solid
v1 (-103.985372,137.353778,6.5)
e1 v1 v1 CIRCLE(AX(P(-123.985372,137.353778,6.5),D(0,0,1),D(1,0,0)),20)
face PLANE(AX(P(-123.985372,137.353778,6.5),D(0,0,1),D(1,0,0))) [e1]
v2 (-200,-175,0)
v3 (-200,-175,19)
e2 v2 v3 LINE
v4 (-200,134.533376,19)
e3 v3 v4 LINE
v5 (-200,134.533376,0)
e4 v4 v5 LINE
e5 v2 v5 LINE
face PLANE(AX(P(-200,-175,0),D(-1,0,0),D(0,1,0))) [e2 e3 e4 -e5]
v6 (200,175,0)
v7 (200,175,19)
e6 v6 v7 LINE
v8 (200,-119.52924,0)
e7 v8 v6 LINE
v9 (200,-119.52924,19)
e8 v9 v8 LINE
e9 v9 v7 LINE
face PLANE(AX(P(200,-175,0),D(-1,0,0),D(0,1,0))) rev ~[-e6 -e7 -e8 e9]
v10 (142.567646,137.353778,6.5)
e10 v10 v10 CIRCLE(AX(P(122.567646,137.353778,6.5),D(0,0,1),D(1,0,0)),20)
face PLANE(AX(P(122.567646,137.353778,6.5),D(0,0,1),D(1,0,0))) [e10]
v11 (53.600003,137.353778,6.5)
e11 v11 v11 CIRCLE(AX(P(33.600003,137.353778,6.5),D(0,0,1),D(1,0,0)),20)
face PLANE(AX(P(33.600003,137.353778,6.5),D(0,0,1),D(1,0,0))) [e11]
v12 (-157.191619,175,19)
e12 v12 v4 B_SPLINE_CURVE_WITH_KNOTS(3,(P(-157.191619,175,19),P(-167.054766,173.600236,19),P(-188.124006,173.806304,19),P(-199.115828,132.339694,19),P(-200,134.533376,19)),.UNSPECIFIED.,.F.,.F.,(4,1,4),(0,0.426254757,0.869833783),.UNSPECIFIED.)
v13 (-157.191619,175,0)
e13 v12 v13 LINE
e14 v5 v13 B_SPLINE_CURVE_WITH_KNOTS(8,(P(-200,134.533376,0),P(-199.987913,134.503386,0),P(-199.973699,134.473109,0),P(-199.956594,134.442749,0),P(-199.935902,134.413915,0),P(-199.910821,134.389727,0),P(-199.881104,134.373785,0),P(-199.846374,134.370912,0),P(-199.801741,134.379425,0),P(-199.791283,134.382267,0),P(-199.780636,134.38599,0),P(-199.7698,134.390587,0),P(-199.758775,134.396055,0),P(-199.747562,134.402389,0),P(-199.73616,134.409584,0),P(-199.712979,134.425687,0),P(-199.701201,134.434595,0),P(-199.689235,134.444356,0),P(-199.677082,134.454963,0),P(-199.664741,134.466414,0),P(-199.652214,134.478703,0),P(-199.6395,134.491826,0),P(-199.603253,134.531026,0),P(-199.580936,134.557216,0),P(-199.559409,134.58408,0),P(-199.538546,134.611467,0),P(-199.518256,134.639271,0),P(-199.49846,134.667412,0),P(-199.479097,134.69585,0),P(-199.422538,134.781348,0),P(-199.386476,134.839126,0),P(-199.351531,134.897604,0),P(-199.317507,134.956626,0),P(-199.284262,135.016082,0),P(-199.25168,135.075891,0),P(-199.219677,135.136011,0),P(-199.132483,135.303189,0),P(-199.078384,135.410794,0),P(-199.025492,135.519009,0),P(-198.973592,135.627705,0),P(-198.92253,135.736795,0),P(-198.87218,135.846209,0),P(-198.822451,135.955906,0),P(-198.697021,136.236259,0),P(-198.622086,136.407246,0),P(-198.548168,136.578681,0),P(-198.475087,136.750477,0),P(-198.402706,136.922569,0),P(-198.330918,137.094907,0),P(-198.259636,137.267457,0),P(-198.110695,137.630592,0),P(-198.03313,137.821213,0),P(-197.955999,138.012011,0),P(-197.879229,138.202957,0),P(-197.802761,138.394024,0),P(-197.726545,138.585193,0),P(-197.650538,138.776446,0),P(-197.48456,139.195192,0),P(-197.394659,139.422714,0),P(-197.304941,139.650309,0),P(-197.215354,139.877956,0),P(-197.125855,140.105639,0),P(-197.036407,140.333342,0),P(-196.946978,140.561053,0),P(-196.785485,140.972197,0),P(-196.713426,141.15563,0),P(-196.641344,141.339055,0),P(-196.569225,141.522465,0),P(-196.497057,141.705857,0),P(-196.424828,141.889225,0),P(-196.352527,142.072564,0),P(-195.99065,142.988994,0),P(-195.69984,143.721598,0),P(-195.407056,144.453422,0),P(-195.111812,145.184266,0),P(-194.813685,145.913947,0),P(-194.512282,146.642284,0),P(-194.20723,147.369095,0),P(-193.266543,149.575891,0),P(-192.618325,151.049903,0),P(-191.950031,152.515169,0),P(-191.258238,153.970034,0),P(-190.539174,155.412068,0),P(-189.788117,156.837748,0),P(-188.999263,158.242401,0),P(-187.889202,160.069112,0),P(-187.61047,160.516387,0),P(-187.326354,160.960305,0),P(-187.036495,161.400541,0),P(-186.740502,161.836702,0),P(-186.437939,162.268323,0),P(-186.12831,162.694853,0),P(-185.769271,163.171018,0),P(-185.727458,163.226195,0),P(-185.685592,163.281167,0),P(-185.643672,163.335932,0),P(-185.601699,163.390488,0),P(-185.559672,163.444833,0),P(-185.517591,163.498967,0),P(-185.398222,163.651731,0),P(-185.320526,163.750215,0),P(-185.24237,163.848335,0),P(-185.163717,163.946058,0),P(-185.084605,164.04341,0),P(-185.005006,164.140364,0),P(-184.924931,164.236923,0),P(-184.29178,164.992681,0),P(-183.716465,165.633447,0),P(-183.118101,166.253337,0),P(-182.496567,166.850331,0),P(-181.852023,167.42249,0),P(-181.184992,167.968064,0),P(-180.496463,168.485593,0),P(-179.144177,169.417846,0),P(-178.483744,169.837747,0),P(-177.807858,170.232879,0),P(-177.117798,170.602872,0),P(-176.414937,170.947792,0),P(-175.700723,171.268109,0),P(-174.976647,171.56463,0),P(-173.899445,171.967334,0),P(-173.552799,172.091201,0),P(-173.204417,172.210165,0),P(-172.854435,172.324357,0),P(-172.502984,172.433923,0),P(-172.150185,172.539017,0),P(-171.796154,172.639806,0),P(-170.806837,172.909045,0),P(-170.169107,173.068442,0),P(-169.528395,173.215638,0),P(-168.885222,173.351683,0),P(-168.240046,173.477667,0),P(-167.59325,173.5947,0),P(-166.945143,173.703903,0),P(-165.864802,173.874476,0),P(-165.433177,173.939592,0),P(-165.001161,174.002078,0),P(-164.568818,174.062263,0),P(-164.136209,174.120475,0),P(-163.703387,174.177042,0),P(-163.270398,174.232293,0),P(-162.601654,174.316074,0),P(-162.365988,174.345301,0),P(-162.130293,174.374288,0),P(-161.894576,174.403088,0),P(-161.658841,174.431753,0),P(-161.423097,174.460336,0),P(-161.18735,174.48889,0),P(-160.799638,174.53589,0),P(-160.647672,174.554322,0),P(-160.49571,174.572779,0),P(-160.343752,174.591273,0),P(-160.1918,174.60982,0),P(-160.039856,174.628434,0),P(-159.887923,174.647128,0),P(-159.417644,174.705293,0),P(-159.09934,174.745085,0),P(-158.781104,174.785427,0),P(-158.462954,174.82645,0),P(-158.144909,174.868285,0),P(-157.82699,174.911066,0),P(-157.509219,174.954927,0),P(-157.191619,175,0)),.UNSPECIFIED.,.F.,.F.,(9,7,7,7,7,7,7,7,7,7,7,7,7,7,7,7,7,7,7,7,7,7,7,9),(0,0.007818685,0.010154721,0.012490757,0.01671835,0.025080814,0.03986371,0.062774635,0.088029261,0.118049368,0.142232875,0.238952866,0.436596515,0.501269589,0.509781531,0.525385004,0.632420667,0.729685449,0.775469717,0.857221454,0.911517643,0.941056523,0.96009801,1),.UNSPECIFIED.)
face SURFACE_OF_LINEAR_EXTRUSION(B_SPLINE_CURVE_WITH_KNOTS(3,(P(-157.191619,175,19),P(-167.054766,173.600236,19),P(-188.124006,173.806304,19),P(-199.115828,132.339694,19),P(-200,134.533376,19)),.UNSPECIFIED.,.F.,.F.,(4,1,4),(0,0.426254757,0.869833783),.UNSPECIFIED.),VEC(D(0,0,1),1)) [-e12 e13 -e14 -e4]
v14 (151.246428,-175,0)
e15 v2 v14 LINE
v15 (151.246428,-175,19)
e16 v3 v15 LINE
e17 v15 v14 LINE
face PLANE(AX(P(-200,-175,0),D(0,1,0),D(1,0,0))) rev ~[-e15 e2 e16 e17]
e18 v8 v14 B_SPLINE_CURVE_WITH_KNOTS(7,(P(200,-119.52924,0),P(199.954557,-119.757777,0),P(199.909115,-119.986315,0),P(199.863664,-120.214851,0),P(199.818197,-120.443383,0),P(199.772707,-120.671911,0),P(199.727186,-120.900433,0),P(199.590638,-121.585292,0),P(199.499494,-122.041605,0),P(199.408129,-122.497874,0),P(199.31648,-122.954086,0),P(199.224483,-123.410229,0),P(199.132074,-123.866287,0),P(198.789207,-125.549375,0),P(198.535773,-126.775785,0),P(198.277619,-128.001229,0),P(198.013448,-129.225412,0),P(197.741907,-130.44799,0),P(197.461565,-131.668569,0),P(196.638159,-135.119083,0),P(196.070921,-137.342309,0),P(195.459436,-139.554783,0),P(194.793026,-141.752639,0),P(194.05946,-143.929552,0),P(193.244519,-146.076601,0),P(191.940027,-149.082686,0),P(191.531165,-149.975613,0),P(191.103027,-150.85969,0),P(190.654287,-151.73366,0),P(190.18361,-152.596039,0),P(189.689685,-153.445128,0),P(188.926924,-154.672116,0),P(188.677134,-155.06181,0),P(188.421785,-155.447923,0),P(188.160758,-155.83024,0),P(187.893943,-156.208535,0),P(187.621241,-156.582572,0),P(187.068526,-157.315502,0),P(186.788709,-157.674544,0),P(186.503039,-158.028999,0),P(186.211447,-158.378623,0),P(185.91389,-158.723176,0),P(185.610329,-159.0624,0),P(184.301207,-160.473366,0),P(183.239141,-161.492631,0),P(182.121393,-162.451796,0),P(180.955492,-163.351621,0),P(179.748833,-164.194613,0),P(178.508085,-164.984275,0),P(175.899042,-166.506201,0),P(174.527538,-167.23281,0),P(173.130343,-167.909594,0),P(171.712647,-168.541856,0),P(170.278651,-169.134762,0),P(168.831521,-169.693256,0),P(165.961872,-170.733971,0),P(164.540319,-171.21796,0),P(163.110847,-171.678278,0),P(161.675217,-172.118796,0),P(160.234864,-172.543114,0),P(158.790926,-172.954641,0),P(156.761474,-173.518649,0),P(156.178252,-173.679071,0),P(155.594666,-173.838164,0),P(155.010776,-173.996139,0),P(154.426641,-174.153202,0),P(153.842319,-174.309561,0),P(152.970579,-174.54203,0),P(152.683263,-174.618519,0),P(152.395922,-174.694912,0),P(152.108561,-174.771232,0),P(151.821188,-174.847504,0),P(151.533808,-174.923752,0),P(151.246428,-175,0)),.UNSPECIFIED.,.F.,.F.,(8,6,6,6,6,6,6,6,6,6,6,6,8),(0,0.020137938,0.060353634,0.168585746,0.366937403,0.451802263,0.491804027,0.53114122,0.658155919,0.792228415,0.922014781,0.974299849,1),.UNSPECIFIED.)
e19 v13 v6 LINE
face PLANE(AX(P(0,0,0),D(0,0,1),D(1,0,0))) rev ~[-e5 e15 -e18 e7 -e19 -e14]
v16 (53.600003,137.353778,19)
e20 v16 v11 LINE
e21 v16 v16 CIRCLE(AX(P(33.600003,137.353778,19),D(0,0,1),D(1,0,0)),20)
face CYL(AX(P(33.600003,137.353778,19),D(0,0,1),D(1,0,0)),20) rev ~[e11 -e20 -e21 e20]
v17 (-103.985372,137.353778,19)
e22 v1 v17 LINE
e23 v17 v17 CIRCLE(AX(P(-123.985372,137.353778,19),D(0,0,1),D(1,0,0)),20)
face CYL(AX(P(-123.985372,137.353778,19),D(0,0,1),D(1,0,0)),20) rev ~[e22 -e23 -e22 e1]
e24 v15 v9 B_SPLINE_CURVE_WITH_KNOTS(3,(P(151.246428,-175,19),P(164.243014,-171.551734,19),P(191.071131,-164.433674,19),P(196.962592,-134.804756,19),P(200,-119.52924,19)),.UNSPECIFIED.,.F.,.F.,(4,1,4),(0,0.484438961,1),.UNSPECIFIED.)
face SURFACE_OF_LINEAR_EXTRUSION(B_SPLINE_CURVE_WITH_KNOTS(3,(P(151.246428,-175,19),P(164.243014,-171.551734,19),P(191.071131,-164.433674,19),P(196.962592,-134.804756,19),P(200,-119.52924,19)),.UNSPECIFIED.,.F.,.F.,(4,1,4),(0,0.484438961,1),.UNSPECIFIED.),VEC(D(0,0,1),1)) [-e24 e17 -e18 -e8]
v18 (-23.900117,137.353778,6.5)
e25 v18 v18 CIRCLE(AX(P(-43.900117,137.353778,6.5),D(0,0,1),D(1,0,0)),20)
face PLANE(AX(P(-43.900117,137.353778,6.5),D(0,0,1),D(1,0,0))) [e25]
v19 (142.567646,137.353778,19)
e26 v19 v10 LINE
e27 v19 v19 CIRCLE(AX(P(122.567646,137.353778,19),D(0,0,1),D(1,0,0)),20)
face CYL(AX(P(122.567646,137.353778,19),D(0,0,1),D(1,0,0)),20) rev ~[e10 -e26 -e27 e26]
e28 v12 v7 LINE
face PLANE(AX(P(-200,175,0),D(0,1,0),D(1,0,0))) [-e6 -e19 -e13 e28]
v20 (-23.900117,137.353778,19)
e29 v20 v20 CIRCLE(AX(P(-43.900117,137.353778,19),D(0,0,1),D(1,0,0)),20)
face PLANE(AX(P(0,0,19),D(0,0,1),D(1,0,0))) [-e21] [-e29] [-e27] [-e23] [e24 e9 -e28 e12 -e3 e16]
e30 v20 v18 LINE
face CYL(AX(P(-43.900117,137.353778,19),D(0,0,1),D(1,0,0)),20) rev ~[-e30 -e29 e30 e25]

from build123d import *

# Parameters (mm, degrees)
F0_W     = 400
F0_H     = 350
F1_DEPTH = 19
F4_DEPTH = 19.001
F2_R     = 20
F5_DEPTH = 12.5
F6_DEPTH = 19.0010001


with BuildPart() as f1:
    # F0 (on Top) → F1 (new body)
    with BuildSketch(Plane.XY):
        Rectangle(F0_W, F0_H)
    extrude(amount=F1_DEPTH)

    # F3 (on face) → F4 (cut, through all)
    with BuildSketch(Plane.XY.offset(19)):
        with BuildLine():
            add(Edge.make_bspline(
                [(151.2464284897, -175), (164.2430137507, -171.5517342548), (191.0711310333, -164.4336739354), (196.9625921733, -134.8047557028), (200, -119.5292398334)],
                knots=[0, 0, 0, 0, 0.484438961, 1, 1, 1, 1], degree=3))
            Line((151.2464284897, -175), (200, -175))
            Line((200, -175), (200, -119.5292398334))
        make_face()
    extrude(amount=-F4_DEPTH, mode=Mode.SUBTRACT)

    # F2 (on face) → F5 (cut, symmetric)
    with BuildSketch(Plane.XY.offset(19)):
        with Locations((122.5676462054, 137.3537778854)):
            Circle(F2_R)
        with Locations((33.6000025272, 137.3537778854)):
            Circle(F2_R)
        with Locations((-43.9001172781, 137.3537778854)):
            Circle(F2_R)
        with Locations((-123.9853724837, 137.3537778854)):
            Circle(F2_R)
    extrude(amount=F5_DEPTH, both=True, mode=Mode.SUBTRACT)

    # F2 (on face) → F6 (cut, through all)
    with BuildSketch(Plane.XY.offset(19)):
        with BuildLine():
            add(Edge.make_bspline(
                [(-157.191619277, 175), (-167.0547662133, 173.6002362151), (-188.1240063271, 173.8063038374), (-199.1158279923, 132.3396944698), (-200, 134.5333755016)],
                knots=[0, 0, 0, 0, 0.4262547571, 0.869833783, 0.869833783, 0.869833783, 0.869833783], degree=3))
            Line((-157.191619277, 175), (-200, 175))
            Line((-200, 175), (-200, 137.3537778854))
            Line((-200, 137.3537778854), (-200, 134.5333755016))
        make_face()
    extrude(amount=-F6_DEPTH, mode=Mode.SUBTRACT)


solid = f1.part
